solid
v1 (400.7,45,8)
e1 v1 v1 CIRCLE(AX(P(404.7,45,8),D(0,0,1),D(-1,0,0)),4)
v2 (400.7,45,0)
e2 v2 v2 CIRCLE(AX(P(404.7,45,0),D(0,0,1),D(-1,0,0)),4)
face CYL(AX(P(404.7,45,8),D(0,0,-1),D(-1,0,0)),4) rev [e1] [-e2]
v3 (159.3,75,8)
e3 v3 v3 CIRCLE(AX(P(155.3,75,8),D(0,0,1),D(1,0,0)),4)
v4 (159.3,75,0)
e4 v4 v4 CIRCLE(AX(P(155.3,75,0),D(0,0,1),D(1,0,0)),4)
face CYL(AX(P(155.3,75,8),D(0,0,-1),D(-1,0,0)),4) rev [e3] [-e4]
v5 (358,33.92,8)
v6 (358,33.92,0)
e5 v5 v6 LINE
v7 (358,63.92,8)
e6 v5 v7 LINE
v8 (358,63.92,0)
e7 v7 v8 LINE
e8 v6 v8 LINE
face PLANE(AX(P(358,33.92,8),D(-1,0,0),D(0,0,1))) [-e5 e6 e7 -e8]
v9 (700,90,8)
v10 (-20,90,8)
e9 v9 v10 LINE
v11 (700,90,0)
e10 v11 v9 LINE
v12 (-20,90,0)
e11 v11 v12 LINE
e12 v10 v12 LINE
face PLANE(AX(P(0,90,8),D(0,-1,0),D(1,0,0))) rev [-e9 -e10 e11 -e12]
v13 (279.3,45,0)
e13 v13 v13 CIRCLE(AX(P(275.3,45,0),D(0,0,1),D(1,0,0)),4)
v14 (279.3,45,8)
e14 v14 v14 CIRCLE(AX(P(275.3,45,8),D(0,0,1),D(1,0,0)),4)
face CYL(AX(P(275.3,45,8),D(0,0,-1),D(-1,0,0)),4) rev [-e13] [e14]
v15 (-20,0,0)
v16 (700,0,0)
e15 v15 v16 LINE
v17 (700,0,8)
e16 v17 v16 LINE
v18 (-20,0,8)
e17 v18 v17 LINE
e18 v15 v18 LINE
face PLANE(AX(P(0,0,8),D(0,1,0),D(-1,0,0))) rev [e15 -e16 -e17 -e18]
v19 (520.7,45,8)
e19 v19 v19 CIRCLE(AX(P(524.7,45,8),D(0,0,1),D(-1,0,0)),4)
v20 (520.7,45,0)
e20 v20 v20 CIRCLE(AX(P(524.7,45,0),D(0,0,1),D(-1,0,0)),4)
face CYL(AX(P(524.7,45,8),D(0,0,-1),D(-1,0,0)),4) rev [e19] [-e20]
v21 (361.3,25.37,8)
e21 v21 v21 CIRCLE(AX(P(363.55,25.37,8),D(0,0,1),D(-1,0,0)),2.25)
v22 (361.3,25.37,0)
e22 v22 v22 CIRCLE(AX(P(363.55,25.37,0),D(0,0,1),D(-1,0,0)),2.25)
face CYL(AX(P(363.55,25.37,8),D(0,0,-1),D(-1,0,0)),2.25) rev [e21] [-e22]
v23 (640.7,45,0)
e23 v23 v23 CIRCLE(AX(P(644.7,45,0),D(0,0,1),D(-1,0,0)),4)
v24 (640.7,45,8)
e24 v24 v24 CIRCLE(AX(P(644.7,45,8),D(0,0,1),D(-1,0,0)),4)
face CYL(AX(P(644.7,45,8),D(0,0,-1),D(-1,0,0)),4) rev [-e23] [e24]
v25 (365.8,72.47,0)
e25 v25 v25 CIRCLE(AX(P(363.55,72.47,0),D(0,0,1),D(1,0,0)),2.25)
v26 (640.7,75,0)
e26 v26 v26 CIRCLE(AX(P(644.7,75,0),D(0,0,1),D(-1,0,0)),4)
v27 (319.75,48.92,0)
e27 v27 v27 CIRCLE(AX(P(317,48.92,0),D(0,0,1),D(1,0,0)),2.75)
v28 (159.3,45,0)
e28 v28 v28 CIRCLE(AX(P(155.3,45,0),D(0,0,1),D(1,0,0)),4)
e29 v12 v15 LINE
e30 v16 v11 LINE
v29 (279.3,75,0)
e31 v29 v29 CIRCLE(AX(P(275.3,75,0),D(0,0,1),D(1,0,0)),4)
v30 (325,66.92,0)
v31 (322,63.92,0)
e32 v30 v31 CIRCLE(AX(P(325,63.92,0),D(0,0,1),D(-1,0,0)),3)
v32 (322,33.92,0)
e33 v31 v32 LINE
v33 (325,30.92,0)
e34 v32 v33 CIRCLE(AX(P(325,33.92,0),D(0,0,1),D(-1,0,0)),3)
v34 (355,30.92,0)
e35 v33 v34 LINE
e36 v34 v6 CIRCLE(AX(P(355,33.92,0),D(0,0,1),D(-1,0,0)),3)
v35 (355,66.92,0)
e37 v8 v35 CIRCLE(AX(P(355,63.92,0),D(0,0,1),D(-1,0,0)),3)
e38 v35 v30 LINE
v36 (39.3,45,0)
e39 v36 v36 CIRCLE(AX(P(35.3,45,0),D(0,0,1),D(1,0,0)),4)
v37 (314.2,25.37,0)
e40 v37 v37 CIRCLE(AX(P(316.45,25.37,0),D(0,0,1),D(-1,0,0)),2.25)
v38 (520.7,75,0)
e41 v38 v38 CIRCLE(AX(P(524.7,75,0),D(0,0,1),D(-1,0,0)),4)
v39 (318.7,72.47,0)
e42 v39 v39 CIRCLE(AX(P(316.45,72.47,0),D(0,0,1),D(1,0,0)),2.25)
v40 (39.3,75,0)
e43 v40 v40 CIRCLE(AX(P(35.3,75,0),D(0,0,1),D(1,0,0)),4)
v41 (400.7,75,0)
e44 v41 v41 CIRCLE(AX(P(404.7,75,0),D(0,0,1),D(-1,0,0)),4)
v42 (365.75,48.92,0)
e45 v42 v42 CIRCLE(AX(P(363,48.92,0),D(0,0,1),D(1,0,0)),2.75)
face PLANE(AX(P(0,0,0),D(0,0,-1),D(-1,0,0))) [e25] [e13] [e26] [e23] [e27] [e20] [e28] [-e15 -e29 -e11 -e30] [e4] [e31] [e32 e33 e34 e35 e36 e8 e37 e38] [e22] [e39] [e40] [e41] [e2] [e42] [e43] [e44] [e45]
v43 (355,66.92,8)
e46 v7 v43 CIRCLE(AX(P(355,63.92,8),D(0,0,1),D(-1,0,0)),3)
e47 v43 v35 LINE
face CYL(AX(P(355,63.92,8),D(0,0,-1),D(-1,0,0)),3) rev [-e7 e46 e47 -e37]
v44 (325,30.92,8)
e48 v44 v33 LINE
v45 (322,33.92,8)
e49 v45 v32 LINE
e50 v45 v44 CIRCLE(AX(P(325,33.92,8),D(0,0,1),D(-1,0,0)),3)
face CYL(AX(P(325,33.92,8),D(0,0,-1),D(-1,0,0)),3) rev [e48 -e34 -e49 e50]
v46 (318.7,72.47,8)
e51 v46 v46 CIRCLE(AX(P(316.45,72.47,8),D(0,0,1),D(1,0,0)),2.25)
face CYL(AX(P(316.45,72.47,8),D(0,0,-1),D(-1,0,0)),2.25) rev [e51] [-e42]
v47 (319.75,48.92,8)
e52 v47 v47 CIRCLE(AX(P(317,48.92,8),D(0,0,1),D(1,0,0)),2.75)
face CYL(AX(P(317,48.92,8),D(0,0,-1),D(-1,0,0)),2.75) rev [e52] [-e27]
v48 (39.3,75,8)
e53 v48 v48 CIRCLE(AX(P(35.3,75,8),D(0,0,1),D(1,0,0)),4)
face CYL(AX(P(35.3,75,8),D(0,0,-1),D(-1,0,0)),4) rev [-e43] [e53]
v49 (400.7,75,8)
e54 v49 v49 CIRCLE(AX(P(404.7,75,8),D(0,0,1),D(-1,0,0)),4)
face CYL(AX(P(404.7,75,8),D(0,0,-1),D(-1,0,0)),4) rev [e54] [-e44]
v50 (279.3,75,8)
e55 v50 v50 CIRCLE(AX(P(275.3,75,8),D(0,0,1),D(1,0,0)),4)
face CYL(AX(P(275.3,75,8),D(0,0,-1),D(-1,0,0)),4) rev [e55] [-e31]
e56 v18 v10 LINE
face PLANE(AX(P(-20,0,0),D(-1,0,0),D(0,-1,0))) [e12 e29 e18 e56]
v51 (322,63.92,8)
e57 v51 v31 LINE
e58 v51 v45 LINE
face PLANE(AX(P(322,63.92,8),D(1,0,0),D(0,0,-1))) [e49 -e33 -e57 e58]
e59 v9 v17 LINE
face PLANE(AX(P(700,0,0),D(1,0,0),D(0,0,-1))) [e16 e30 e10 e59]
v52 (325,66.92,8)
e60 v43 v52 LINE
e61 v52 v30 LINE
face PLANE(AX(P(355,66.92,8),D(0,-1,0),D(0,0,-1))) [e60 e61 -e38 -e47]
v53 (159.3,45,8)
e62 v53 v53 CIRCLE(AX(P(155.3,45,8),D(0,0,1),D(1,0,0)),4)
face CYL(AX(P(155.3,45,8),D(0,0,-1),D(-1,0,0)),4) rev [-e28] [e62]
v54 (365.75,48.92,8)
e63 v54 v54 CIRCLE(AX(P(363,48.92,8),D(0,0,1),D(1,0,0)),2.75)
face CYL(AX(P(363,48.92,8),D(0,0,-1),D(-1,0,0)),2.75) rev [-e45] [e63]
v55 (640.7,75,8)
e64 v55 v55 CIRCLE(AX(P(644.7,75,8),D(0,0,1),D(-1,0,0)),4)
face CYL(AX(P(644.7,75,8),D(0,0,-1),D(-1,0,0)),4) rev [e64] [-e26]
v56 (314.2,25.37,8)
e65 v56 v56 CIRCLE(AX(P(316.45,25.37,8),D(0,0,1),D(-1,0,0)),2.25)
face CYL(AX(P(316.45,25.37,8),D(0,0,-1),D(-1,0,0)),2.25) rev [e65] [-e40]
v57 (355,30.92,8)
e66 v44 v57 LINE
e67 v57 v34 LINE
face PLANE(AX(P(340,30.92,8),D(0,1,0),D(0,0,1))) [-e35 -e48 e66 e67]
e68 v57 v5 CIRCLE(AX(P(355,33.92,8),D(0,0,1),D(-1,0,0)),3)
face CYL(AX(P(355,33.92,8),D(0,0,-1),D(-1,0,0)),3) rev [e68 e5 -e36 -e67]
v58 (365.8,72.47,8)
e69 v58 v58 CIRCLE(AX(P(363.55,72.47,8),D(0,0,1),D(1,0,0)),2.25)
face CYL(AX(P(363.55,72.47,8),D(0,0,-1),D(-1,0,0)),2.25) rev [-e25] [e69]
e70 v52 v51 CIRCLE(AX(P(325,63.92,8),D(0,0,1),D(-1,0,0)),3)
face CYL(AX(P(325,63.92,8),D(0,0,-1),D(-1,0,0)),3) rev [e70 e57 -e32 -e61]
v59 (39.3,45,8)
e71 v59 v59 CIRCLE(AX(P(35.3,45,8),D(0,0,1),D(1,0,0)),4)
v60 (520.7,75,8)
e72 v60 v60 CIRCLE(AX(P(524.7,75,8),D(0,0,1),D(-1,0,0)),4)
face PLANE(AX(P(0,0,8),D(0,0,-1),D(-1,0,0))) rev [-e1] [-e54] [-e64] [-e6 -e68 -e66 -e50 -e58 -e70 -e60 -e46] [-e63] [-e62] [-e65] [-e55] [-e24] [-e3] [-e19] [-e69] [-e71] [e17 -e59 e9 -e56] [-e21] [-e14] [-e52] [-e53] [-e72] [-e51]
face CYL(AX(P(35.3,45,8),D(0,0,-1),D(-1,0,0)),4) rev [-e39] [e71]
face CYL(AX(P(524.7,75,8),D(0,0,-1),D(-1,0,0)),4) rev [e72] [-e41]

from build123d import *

# Parameters (mm, degrees)
ESQUISSE1_W        = 680
ESQUISSE1_H        = 90
ESQUISSE1_R        = 2.75
ESQUISSE1_R_2      = 2.25
ESQUISSE1_R_3      = 4
BOSS_EXTRU_1_DEPTH = 8
ESQUISSE2_W        = 8
ESQUISSE2_H        = 90
BOSS_EXTRU_2_DEPTH = 20
ESQUISSE3_W        = 8
ESQUISSE3_H        = 90
BOSS_EXTRU_3_DEPTH = 20


with BuildPart() as part:
    # Esquisse1 → Boss.-Extru.1 (new body)
    with BuildSketch(Plane.XY):
        with Locations((340, 45)):
            Rectangle(ESQUISSE1_W, ESQUISSE1_H)
        with Locations((317, 48.92)):
            Circle(ESQUISSE1_R, mode=Mode.SUBTRACT)
        with Locations((363, 48.92)):
            Circle(ESQUISSE1_R, mode=Mode.SUBTRACT)
        with Locations((316.45, 72.47)):
            Circle(ESQUISSE1_R_2, mode=Mode.SUBTRACT)
        with Locations((363.55, 72.47)):
            Circle(ESQUISSE1_R_2, mode=Mode.SUBTRACT)
        with Locations(Location((363.55, 25.37, 0), (0, 0, 180))):
            Circle(ESQUISSE1_R_2, mode=Mode.SUBTRACT)
        with Locations(Location((316.45, 25.37, 0), (0, 0, 180))):
            Circle(ESQUISSE1_R_2, mode=Mode.SUBTRACT)
        with Locations((35.3, 75)):
            Circle(ESQUISSE1_R_3, mode=Mode.SUBTRACT)
        with Locations((35.3, 45)):
            Circle(ESQUISSE1_R_3, mode=Mode.SUBTRACT)
        with Locations(Location((644.7, 45, 0), (0, 0, 180))):
            Circle(ESQUISSE1_R_3, mode=Mode.SUBTRACT)
        with Locations(Location((644.7, 75, 0), (0, 0, 180))):
            Circle(ESQUISSE1_R_3, mode=Mode.SUBTRACT)
        with Locations((155.3, 75)):
            Circle(ESQUISSE1_R_3, mode=Mode.SUBTRACT)
        with Locations((155.3, 45)):
            Circle(ESQUISSE1_R_3, mode=Mode.SUBTRACT)
        with Locations((275.3, 75)):
            Circle(ESQUISSE1_R_3, mode=Mode.SUBTRACT)
        with Locations((275.3, 45)):
            Circle(ESQUISSE1_R_3, mode=Mode.SUBTRACT)
        with Locations(Location((404.7, 45, 0), (0, 0, 180))):
            Circle(ESQUISSE1_R_3, mode=Mode.SUBTRACT)
        with Locations(Location((404.7, 75, 0), (0, 0, 180))):
            Circle(ESQUISSE1_R_3, mode=Mode.SUBTRACT)
        with Locations(Location((524.7, 75, 0), (0, 0, 180))):
            Circle(ESQUISSE1_R_3, mode=Mode.SUBTRACT)
        with Locations(Location((524.7, 45, 0), (0, 0, 180))):
            Circle(ESQUISSE1_R_3, mode=Mode.SUBTRACT)
        with BuildLine():
            Line((340, 30.92), (355, 30.92))
            ThreePointArc((355, 30.92), (357.121320344, 31.798679656), (358, 33.92))
            Line((358, 33.92), (358, 63.92))
            ThreePointArc((358, 63.92), (357.121320344, 66.041320344), (355, 66.92))
            Line((355, 66.92), (325, 66.92))
            ThreePointArc((325, 66.92), (322.878679656, 66.041320344), (322, 63.92))
            Line((322, 63.92), (322, 33.92))
            ThreePointArc((322, 33.92), (322.878679656, 31.798679656), (325, 30.92))
            Line((325, 30.92), (340, 30.92))
        make_face(mode=Mode.SUBTRACT)
    extrude(amount=BOSS_EXTRU_1_DEPTH)

    # Esquisse2 → Boss.-Extru.2 (add)
    with BuildSketch(Plane(origin=(680, 0, 0), x_dir=(0, 0, -1), z_dir=(1, 0, 0))):
        with Locations((-4, 45)):
            Rectangle(ESQUISSE2_W, ESQUISSE2_H)
    extrude(amount=BOSS_EXTRU_2_DEPTH)

    # Esquisse3 → Boss.-Extru.3 (add)
    with BuildSketch(Plane.ZY):
        with Locations((4, 45)):
            Rectangle(ESQUISSE3_W, ESQUISSE3_H)
    extrude(amount=BOSS_EXTRU_3_DEPTH)


solid = part.part
